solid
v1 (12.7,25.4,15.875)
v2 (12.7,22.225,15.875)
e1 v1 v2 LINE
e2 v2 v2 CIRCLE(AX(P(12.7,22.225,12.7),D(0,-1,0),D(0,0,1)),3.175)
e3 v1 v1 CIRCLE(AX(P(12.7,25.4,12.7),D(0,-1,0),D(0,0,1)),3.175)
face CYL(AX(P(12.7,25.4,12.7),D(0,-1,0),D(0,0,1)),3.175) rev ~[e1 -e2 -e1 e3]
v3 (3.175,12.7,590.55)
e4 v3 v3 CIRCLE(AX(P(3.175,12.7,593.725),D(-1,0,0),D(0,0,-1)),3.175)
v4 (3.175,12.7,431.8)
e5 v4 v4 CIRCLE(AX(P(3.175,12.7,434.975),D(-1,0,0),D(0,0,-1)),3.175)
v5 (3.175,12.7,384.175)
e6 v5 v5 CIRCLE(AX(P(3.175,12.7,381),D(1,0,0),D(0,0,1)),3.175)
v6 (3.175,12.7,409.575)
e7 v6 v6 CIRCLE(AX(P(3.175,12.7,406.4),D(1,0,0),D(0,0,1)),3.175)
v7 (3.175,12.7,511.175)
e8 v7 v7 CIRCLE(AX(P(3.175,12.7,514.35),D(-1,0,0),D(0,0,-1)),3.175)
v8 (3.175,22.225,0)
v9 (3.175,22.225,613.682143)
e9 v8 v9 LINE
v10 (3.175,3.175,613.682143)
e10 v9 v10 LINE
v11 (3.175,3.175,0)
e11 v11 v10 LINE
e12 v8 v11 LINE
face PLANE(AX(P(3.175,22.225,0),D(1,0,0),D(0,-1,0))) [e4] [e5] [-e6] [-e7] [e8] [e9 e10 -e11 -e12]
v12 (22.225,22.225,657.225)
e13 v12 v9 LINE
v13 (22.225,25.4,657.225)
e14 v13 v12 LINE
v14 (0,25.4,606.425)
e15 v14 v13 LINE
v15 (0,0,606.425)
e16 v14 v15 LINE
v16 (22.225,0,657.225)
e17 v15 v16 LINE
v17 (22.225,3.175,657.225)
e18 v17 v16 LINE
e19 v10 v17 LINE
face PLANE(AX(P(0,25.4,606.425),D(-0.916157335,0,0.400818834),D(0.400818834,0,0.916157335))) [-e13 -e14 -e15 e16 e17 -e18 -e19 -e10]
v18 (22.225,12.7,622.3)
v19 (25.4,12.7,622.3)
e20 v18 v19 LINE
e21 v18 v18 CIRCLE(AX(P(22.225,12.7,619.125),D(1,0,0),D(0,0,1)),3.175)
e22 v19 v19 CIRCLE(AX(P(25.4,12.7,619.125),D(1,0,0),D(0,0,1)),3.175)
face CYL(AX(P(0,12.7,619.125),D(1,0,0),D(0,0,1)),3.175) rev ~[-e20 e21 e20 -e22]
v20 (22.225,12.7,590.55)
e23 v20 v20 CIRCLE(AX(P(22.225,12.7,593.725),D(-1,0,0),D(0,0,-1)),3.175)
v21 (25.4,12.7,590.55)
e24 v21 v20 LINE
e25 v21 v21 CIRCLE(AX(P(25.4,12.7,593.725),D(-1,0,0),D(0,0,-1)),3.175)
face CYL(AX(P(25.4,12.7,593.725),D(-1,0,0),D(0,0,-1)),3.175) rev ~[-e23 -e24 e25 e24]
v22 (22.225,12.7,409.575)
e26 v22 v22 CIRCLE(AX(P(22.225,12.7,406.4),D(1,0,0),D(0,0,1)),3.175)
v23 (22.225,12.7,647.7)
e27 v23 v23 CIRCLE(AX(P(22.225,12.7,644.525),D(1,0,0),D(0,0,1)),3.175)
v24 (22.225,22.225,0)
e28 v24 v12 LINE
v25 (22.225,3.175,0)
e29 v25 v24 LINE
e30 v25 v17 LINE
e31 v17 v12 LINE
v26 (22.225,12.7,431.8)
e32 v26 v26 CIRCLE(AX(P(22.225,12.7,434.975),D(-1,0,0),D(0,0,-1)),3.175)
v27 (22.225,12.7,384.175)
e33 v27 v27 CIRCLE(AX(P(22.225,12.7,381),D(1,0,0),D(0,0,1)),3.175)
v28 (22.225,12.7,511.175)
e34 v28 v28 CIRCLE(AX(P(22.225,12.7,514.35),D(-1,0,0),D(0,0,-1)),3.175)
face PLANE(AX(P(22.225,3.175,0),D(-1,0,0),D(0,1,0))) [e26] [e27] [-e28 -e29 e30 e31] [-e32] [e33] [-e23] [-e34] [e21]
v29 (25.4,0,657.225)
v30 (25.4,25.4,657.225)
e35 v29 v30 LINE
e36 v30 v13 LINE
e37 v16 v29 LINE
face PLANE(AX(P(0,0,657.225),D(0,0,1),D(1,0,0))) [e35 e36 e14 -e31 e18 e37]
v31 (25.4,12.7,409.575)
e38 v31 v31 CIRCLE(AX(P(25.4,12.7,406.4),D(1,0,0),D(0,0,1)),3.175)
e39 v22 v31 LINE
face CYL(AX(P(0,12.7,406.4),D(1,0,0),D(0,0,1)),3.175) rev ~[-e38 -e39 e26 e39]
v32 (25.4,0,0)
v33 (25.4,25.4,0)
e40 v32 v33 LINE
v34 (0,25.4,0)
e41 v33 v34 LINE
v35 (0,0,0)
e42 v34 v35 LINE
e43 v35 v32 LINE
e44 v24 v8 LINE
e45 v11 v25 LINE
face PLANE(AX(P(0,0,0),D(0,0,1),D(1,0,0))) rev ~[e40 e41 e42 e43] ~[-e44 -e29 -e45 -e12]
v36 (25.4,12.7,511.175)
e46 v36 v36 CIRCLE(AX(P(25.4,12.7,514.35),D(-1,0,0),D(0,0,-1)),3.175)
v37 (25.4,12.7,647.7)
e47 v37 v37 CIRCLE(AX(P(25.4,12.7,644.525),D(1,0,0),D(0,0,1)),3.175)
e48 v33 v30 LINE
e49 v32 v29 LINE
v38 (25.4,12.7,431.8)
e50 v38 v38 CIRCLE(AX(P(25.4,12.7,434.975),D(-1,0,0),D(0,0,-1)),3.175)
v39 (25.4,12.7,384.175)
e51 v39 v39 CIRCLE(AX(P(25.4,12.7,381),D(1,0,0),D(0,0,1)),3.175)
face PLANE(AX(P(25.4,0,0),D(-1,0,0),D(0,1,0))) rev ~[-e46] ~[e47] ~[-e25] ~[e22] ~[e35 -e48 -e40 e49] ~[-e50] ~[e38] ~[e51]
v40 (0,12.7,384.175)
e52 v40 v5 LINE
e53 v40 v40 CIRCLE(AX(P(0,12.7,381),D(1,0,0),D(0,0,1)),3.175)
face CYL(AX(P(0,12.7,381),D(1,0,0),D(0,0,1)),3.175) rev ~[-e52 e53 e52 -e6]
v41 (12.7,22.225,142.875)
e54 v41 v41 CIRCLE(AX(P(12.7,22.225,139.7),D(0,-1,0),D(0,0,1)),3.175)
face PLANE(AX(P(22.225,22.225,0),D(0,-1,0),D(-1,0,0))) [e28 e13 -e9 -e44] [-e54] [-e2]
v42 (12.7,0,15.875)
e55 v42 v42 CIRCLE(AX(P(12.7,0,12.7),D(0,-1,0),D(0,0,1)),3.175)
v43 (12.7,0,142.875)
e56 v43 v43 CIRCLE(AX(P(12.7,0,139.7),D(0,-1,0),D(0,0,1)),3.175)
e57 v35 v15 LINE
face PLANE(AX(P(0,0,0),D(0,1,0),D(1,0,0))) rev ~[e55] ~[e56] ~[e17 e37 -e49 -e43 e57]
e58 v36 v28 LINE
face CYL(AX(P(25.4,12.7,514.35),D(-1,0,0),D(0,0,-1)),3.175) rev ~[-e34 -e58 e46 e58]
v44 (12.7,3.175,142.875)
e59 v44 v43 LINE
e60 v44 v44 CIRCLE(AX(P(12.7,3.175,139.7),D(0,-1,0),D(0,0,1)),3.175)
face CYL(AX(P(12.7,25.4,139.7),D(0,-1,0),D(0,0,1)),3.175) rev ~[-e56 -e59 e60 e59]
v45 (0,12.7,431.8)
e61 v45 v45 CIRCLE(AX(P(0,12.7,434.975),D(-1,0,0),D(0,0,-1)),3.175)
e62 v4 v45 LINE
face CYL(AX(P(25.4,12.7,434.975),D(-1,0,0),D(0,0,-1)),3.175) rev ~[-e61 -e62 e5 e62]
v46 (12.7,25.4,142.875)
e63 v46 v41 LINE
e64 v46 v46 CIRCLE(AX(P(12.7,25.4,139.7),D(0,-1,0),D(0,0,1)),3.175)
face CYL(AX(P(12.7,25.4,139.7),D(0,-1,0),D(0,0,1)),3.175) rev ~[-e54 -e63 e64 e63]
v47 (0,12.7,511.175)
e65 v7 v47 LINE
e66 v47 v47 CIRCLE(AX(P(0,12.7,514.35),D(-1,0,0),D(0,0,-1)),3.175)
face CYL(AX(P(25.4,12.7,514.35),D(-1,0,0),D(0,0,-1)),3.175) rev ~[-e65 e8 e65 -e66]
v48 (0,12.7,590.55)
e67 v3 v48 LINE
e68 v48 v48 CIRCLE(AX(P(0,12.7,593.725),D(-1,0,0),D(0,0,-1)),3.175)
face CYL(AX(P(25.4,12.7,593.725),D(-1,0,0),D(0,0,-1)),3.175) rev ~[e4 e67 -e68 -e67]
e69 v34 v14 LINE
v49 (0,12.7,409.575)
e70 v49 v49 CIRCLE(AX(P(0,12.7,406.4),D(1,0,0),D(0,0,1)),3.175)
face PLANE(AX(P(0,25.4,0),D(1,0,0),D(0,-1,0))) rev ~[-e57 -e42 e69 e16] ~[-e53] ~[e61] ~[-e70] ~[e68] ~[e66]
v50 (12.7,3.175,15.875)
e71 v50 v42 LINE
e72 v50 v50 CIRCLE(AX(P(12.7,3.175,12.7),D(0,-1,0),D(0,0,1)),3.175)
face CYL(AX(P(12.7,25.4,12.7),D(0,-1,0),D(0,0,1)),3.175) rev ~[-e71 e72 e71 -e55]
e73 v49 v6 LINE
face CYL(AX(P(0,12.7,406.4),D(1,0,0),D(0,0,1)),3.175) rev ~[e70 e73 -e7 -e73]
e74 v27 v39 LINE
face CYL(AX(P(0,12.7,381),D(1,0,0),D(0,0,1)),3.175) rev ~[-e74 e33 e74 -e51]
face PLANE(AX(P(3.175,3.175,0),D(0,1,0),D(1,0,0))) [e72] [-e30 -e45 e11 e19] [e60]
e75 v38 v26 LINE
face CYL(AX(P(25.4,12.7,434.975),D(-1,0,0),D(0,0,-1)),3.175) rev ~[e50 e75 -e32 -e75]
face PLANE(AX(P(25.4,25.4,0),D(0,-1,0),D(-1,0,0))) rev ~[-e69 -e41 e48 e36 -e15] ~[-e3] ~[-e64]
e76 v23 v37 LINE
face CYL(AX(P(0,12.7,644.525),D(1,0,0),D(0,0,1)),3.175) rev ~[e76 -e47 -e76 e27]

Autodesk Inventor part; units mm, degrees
ref_plane "YZ Plane" through (0, 0, 0) normal (1, 0, 0) x (0, 1, 0)
ref_plane "XZ Plane" through (0, 0, 0) normal (0, 1, 0) x (-1, 0, 0)
ref_plane "XY Plane" through (0, 0, 0) normal (0, 0, 1) x (1, 0, 0)
sketch "Sketch1" plane through (0, 0, 0) normal (0, 0, 1) x (1, 0, 0)
  line L0 (0, 0) -> (25.4, 0)
  line L1 (25.4, 0) -> (25.4, 25.4)
  line L2 (25.4, 25.4) -> (0, 25.4)
  line L3 (0, 25.4) -> (0, 0)
  line L4 (3.175, 3.175) -> (22.225, 3.175)
  line L5 (22.225, 3.175) -> (22.225, 22.225)
  line L6 (22.225, 22.225) -> (3.175, 22.225)
  line L7 (3.175, 22.225) -> (3.175, 3.175)
  dimension "d0" = 25.4
  dimension "d1" = 25.4
  dimension "d2" = 19.05
  dimension "d3" = 19.05
  dimension "d4" = 3.175
  dimension "d5" = 3.175
extrude "Extrusion1" add sketch "Sketch1" along normal blind 657.225
sketch "Sketch2" plane through (0, 25.4, 0) normal (0, 1, 0) x (1, 0, 0)
  line L0 (25.4, 0) -> (0, 0) projected
  line L1 (0, 0) -> (0, -657.225) projected
  point P0 (12.7, -12.7)
  point P1 (12.7, -139.7)
  dimension "d8" = 12.7
  dimension "d9" = 12.7
  dimension "d10" = 12.7
  dimension "d11" = 139.7
hole "Hole1" at (12.7, 25.4, 12.7) at (12.7, 25.4, 139.7) direction (0, -1, 0) diameter 6.35 end through all
sketch "Sketch3" plane through (0, 0, 0) normal (-1, 0, 0) x (0, 0, 1)
  line L0 (0, 0) -> (657.225, 0) projected
  line L1 (657.225, 25.4) -> (657.225, 0) projected
  point P0 (644.525, 12.7)
  point P1 (619.125, 12.7)
  point P2 (406.4, 12.7)
  point P3 (381, 12.7)
  dimension "d19" = 12.7
  dimension "d20" = 12.7
  dimension "d21" = 12.7
  dimension "d22" = 25.4
  dimension "d23" = 212.725
  dimension "d24" = 12.7
  dimension "d25" = 12.7
  dimension "d26" = 25.4
hole "Hole2" at (0, 12.7, 644.525) at (0, 12.7, 619.125) at (0, 12.7, 406.4) at (0, 12.7, 381) direction (1, 0, 0) diameter 6.35 end through all
sketch "Sketch5" plane through (0, 25.4, 0) normal (0, 1, 0) x (1, 0, 0)
  circle A0 centre (12.7, -12.7) radius 3.175 projected
  circle A1 centre (12.7, -139.7) radius 3.175 projected
  line L0 (25.4, 0) -> (0, 0) projected
  line L1 (0, 0) -> (0, -657.225) projected
  line L2 (25.4, -657.225) -> (0, -657.225) projected
  line L3 (25.4, 0) -> (25.4, -657.225) projected
  line L4 (0, -657.225) -> (22.225, -657.225)
  line L5 (22.225, -657.225) -> (3.175, -657.225) projected
  line L6 (0, -657.225) -> (0, -606.425)
  line L7 (0, 0) -> (0, -657.225) projected
  line L8 (0, -606.425) -> (22.225, -657.225)
  dimension "d37" = 22.225
  dimension "d38" = 50.8
extrude "Extrusion3" cut sketch "Sketch5" against normal blind 25.4 contours L8 L2 L1
sketch "Sketch6" plane through (25.4, 0, 0) normal (1, 0, 0) x (0, 0, -1)
  line L0 (0, 25.4) -> (-657.225, 25.4) projected
  line L1 (-657.225, 0) -> (-657.225, 25.4) projected
  point P0 (-593.725, 12.7)
  point P1 (-514.35, 12.7)
  point P2 (-434.975, 12.7)
  dimension "d41" = 12.7
  dimension "d42" = 63.5
  dimension "d43" = 142.875
  dimension "d44" = 12.7
  dimension "d45" = 12.7
  dimension "d46" = 222.25
hole "Hole3" at (25.4, 12.7, 593.725) at (25.4, 12.7, 514.35) at (25.4, 12.7, 434.975) direction (-1, 0, 0) diameter 6.35 end through all
properties part number "pickup arm 1x1 long" material "Aluminum 6061"
